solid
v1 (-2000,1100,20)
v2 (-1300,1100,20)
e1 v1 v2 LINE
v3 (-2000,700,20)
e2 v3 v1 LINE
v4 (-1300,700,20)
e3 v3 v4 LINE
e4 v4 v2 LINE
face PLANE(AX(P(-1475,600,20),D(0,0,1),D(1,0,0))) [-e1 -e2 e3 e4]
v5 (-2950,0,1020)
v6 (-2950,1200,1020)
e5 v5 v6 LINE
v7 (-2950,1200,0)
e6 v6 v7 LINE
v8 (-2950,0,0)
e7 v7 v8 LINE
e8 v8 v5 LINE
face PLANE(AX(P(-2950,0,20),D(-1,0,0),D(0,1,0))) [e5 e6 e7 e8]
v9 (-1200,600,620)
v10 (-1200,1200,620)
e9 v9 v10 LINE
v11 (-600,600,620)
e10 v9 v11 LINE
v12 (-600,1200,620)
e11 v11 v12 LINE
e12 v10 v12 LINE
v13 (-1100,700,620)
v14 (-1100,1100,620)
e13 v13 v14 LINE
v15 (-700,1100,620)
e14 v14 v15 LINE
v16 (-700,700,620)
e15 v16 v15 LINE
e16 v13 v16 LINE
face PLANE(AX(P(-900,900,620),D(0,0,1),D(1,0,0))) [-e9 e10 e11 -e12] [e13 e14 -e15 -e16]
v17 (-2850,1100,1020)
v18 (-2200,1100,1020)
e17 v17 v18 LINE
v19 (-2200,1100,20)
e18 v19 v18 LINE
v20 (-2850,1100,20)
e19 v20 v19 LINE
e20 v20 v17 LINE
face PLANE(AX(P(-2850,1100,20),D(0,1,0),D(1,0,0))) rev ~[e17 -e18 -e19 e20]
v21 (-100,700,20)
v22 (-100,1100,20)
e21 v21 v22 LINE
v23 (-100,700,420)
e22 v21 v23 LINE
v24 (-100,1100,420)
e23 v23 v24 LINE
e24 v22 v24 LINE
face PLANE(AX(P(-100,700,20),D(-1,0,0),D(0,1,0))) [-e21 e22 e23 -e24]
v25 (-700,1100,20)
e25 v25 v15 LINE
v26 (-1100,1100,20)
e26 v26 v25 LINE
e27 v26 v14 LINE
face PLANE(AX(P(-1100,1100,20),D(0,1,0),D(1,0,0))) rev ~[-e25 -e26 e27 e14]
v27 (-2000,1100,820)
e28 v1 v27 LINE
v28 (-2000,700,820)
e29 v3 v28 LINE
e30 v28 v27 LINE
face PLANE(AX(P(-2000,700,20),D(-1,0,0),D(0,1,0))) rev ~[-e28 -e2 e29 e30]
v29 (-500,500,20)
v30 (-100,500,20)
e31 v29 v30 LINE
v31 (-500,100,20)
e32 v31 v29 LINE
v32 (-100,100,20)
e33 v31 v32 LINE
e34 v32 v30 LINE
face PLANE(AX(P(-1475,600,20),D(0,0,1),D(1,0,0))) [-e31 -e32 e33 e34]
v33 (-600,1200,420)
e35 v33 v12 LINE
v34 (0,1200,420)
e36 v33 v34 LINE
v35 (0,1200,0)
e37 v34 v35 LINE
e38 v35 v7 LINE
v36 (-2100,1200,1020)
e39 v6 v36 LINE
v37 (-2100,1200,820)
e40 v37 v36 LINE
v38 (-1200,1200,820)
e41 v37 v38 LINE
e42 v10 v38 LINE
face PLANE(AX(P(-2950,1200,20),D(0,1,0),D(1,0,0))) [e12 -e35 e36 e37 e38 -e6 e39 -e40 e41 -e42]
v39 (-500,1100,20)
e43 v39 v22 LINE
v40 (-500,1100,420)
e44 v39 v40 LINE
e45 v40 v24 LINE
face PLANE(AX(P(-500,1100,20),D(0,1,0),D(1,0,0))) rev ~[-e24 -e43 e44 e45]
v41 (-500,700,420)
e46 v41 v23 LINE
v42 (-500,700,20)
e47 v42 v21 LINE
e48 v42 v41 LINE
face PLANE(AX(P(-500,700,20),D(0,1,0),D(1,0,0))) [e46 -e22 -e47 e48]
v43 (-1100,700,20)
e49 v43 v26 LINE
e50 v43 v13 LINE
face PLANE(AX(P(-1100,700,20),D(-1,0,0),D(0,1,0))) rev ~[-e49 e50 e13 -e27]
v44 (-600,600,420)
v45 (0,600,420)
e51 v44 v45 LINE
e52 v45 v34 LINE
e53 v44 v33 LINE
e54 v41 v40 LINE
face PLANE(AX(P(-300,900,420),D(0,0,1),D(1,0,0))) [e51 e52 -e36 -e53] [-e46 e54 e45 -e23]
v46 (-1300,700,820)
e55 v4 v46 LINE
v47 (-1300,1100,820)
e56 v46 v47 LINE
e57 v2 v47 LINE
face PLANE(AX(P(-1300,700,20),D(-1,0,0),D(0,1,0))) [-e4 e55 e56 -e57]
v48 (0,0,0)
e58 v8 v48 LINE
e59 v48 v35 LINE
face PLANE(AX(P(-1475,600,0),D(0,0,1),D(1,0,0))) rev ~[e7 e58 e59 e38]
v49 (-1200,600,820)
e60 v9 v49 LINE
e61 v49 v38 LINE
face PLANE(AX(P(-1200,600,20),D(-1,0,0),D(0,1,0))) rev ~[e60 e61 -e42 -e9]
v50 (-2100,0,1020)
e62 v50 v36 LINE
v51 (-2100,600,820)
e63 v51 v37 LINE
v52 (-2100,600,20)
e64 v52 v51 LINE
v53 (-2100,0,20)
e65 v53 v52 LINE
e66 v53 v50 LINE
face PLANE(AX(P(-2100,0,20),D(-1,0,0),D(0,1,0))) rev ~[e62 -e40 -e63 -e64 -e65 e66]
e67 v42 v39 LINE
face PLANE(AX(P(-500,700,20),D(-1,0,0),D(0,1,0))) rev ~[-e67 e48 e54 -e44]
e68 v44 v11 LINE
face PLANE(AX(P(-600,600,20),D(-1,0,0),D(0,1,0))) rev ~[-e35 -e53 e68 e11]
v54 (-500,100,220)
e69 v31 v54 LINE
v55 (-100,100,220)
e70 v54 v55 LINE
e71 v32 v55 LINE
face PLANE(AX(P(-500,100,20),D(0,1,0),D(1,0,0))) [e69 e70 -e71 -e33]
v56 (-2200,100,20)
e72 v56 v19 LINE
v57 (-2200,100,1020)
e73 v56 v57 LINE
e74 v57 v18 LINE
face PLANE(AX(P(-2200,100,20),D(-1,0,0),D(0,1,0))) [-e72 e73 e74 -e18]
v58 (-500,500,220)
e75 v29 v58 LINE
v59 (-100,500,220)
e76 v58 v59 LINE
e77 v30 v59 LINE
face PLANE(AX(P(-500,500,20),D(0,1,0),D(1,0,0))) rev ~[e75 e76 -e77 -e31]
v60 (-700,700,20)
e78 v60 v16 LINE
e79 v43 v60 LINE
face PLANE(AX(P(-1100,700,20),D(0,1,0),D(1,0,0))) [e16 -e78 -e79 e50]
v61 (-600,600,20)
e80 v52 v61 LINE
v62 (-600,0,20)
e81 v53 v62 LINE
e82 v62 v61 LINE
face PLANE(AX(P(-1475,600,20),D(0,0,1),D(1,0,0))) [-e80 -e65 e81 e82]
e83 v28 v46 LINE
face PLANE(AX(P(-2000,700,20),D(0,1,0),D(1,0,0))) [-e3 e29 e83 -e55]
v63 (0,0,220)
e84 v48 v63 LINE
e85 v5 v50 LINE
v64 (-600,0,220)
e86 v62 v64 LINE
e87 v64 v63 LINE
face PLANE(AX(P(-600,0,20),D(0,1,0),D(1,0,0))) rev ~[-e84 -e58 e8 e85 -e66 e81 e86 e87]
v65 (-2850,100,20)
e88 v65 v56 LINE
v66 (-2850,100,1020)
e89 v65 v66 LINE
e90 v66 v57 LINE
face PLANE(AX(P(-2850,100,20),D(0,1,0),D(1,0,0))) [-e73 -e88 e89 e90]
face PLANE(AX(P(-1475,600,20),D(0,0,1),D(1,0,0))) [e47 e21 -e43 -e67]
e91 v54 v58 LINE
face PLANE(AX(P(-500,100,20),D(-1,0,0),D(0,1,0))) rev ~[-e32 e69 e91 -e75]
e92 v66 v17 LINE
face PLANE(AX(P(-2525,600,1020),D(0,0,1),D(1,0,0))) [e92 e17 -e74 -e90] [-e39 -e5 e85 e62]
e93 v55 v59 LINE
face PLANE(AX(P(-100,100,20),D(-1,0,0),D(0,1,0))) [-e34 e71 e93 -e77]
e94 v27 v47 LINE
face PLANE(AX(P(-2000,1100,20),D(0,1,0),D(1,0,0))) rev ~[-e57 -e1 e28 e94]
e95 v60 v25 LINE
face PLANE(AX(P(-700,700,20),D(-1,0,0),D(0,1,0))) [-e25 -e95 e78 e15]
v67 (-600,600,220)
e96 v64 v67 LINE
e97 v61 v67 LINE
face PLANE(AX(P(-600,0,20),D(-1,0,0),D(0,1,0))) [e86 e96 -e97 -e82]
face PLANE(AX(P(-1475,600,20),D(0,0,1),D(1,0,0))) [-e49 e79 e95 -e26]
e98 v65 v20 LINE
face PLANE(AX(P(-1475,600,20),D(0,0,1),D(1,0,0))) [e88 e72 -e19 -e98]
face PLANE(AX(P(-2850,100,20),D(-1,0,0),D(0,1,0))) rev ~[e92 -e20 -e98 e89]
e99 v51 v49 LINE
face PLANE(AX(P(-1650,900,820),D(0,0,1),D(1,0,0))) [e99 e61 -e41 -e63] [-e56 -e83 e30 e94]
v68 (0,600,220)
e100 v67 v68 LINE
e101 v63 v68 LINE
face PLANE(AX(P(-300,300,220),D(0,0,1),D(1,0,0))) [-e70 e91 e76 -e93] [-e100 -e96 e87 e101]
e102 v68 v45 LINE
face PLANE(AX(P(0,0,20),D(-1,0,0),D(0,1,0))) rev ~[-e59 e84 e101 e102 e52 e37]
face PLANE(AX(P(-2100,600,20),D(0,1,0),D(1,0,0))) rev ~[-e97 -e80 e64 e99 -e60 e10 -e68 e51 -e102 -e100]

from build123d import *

# Parameters (mm, degrees)
F1_DEPTH  = 20
F2_W      = 600
F2_H      = 600
F2_W_2    = 400
F2_H_2    = 400
F3_DEPTH  = 400
F4_W      = 600
F4_H      = 600
F4_W_2    = 400
F4_H_2    = 400
F5_DEPTH  = 600
F6_W      = 900
F6_H      = 600
F6_W_2    = 700
F6_H_2    = 400
F7_DEPTH  = 800
F8_W      = 850
F8_H      = 1200
F8_W_2    = 650
F8_H_2    = 1000
F9_DEPTH  = 1000
F10_W     = 600
F10_H     = 600
F10_W_2   = 400
F10_H_2   = 400
F11_DEPTH = 200


with BuildPart() as f1:
    # F0 (on Top) → F1 (new body)
    with BuildSketch(Plane.XY):
        Polygon((-2563.636364, 0), (0, 0), (0, 1200), (-2950, 1200), (-2950, 0), align=None)
    extrude(amount=F1_DEPTH)

    # F2 (on face) → F3 (join)
    with BuildSketch(Plane.XY.offset(20)):
        with Locations((-300, 900)):
            Rectangle(F2_W, F2_H)
        with Locations((-300, 900)):
            Rectangle(F2_W_2, F2_H_2, mode=Mode.SUBTRACT)
    extrude(amount=F3_DEPTH)

    # F4 (on face) → F5 (join)
    with BuildSketch(Plane.XY.offset(20)):
        with Locations((-900, 900)):
            Rectangle(F4_W, F4_H)
        with Locations((-900, 900)):
            Rectangle(F4_W_2, F4_H_2, mode=Mode.SUBTRACT)
    extrude(amount=F5_DEPTH)

    # F6 (on face) → F7 (join)
    with BuildSketch(Plane.XY.offset(20)):
        with Locations((-1650, 900)):
            Rectangle(F6_W, F6_H)
        with Locations((-1650, 900)):
            Rectangle(F6_W_2, F6_H_2, mode=Mode.SUBTRACT)
    extrude(amount=F7_DEPTH)

    # F8 (on face) → F9 (join)
    with BuildSketch(Plane.XY.offset(20)):
        with Locations((-2525, 600)):
            Rectangle(F8_W, F8_H)
        with Locations((-2525, 600)):
            Rectangle(F8_W_2, F8_H_2, mode=Mode.SUBTRACT)
    extrude(amount=F9_DEPTH)

    # F10 (on face) → F11 (join)
    with BuildSketch(Plane.XY.offset(20)):
        with Locations((-300, 300)):
            Rectangle(F10_W, F10_H)
        with Locations((-300, 300)):
            Rectangle(F10_W_2, F10_H_2, mode=Mode.SUBTRACT)
    extrude(amount=F11_DEPTH)


solid = f1.part
